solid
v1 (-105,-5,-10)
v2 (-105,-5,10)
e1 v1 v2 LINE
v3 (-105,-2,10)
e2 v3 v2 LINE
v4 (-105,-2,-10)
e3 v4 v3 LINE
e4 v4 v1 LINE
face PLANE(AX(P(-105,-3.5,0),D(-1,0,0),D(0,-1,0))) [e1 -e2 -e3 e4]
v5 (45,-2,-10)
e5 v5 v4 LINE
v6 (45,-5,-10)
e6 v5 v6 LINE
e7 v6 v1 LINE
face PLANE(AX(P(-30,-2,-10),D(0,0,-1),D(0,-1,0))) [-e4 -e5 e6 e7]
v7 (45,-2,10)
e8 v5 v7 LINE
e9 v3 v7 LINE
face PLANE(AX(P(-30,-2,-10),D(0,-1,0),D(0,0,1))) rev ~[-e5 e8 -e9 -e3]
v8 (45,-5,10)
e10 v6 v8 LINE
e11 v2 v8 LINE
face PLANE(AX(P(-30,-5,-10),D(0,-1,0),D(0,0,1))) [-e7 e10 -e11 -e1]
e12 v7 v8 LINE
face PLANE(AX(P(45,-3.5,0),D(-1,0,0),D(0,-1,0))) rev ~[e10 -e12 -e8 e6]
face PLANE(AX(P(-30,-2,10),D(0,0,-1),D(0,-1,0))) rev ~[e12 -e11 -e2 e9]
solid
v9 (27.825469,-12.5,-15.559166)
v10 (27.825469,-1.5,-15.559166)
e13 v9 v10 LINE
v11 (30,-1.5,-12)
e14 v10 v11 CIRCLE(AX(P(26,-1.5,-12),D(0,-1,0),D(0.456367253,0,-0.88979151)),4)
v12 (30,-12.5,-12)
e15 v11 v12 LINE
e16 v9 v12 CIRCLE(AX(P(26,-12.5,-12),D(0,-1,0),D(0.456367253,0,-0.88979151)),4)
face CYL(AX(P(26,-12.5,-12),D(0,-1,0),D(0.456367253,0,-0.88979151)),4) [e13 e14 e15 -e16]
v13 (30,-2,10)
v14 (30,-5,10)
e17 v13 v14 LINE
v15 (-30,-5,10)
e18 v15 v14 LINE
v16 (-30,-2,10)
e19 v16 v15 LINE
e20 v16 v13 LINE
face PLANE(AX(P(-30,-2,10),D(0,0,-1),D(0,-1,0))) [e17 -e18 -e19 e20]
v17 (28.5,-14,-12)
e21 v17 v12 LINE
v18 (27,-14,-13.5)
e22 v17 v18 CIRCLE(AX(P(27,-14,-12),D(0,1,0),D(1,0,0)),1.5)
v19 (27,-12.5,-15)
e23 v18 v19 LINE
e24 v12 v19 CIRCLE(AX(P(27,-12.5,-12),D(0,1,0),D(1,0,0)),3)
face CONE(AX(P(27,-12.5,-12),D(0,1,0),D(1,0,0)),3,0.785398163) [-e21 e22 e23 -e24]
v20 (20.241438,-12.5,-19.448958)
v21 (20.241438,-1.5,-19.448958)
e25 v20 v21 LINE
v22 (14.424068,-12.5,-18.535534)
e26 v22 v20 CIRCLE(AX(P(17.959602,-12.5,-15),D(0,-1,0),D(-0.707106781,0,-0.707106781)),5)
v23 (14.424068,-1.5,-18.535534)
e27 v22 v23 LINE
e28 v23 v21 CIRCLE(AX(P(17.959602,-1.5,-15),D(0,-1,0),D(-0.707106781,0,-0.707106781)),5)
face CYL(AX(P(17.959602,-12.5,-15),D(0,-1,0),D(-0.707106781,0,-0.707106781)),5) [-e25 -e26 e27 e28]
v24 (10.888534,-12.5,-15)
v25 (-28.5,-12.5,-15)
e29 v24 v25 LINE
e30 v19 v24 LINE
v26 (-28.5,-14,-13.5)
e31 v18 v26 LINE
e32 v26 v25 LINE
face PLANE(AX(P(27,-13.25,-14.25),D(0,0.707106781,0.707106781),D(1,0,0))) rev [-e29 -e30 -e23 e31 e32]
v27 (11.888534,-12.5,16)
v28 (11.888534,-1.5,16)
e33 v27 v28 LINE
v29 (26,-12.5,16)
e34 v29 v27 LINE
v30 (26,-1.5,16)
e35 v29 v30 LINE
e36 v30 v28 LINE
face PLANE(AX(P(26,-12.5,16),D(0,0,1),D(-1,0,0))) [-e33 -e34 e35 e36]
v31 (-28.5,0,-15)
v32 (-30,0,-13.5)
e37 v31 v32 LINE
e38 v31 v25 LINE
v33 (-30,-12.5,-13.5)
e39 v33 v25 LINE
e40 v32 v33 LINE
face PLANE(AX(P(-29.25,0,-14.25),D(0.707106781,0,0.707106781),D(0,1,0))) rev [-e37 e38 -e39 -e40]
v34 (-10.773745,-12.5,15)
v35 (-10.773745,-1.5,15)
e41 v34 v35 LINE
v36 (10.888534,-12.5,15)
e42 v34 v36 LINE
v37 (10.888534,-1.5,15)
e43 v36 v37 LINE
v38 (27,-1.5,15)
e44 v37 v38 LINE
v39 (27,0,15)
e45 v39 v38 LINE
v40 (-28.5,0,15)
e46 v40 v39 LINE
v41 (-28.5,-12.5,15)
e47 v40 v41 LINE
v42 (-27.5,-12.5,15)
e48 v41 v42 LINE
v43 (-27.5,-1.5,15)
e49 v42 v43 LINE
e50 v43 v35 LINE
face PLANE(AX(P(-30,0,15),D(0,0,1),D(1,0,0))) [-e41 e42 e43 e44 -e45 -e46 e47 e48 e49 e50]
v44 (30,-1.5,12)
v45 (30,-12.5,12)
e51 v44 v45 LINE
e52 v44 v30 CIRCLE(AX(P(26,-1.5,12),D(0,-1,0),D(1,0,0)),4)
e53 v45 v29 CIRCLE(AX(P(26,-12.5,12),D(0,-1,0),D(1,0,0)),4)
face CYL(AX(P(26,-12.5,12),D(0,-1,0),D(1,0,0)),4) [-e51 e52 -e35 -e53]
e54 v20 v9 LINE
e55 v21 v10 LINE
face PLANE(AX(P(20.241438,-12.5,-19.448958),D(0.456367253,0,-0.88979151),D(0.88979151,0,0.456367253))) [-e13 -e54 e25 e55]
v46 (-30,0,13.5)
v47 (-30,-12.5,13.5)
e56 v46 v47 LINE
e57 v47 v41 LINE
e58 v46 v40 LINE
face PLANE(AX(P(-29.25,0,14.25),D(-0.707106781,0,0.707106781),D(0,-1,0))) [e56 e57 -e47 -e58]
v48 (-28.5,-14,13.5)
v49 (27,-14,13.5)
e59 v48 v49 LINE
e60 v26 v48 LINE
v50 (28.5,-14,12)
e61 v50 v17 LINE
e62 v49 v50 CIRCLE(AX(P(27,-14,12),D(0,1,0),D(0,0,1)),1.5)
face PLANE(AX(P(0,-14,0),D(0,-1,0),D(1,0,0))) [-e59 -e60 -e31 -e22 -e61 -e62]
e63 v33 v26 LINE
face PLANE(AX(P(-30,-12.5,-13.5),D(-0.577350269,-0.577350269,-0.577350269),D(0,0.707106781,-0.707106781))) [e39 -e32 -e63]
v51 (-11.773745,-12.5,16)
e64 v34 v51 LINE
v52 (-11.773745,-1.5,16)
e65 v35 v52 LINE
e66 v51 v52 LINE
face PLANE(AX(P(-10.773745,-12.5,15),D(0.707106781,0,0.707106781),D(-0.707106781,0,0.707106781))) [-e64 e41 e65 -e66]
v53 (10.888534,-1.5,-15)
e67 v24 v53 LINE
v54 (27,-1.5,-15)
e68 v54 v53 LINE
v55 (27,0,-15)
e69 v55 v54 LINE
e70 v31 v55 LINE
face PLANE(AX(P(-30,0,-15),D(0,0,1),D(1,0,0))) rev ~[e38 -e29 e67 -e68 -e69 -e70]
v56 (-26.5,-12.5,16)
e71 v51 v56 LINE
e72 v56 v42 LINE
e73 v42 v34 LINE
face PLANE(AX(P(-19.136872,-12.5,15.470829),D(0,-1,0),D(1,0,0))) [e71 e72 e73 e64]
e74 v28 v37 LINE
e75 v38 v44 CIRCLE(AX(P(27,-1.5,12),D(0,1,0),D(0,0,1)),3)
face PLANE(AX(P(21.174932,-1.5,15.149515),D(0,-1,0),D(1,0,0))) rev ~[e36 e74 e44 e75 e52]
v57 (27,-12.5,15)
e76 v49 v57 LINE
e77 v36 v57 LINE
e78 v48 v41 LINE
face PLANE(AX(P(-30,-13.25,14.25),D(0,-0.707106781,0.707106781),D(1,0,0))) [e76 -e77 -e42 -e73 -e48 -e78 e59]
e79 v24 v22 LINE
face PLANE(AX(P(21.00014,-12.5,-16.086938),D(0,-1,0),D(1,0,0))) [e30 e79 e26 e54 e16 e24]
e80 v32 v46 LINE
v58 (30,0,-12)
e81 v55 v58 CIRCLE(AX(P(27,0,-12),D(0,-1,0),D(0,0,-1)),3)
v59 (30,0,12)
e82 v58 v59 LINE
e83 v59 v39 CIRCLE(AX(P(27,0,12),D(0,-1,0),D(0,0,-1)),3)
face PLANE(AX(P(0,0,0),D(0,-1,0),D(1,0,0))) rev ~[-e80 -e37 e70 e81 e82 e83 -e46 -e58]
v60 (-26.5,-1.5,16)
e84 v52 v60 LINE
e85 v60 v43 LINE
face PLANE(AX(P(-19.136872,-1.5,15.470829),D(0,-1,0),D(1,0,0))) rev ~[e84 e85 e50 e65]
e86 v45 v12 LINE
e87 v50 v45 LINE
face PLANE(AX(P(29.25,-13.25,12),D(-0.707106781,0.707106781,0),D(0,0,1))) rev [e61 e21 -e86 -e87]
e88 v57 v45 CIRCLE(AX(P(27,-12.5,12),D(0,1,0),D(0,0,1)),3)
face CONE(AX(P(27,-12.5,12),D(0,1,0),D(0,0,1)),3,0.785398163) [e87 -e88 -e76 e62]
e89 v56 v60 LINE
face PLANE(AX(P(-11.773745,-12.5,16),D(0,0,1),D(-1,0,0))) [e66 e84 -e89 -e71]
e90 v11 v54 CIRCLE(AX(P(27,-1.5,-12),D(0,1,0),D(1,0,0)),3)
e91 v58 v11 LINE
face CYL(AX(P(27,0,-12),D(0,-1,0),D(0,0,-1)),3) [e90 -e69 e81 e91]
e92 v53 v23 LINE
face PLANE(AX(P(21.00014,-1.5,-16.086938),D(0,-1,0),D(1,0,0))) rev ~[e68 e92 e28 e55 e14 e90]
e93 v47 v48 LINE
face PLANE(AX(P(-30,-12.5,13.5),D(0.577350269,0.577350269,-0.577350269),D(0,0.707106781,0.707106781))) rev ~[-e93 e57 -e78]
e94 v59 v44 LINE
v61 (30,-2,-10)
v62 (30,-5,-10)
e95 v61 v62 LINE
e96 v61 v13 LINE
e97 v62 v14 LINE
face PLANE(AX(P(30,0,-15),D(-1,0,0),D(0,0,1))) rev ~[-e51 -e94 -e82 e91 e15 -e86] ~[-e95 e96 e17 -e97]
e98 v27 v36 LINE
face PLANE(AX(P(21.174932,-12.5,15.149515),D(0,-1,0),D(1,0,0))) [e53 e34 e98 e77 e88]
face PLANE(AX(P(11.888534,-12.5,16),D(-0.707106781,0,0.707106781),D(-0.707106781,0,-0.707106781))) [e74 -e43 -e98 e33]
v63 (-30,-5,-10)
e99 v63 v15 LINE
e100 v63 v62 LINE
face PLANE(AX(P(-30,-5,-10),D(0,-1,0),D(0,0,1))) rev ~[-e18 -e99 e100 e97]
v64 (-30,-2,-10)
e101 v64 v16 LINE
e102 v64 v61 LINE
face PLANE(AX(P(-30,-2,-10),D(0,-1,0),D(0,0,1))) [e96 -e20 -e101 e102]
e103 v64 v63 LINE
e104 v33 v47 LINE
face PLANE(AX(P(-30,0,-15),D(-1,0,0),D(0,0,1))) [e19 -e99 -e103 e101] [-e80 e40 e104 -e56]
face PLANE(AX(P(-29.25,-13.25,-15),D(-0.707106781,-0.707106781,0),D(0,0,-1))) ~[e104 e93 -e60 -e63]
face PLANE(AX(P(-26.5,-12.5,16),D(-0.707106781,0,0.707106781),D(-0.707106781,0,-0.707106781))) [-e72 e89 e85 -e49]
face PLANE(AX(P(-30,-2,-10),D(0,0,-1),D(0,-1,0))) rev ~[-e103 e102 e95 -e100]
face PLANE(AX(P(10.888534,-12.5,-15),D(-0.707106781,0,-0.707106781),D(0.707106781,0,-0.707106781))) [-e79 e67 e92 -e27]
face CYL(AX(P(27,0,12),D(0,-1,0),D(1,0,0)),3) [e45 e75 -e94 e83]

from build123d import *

# Parameters (mm, degrees)
F0_W     = 60
F0_H     = 30
F1_DEPTH = 14
F2_R     = 3
F3_SIZE  = 1.5
F6_DEPTH = 11
F7_W     = 3
F7_H     = 20
F8_DEPTH = 60.001
F9_DEPTH = 75


with BuildPart() as f1:
    # F0 (on Front) → F1 (new body)
    with BuildSketch(Plane.XZ):
        Rectangle(F0_W, F0_H)
    extrude(amount=F1_DEPTH)

    # F2
    f2_edges = [f1.edges().sort_by_distance(p)[0] for p in [
        (30, -7, -15),
        (30, -7, 15),
    ]]
    fillet(f2_edges, radius=F2_R)

    # F3
    f3_edges = [f1.edges().sort_by_distance(p)[0] for p in [
        (-1.5, -14, 15),
        (29.12132, -14, 14.12132),
        (30, -14, 0),
        (29.12132, -14, -14.12132),
        (-1.5, -14, -15),
        (-30, -14, 0),
        (-30, -7, 15),
        (-30, -7, -15),
    ]]
    chamfer(f3_edges, length=F3_SIZE)

    # F5 (on offset) → F6 (join)
    with BuildSketch(Plane.XZ.offset(12.5)):
        with BuildLine():
            ThreePointArc((30, -12), (29.1213203436, -14.1213203436), (27, -15))
            Line((27, -15), (10.8885337886, -15))
            Line((10.8885337886, -15), (14.4240676946, -18.5355339059))
            ThreePointArc((14.4240676946, -18.5355339059), (17.1840210877, -19.9394812347), (20.2414378644, -19.4489575481))
            Line((20.2414378644, -19.4489575481), (27.8254690111, -15.5591660385))
            ThreePointArc((27.8254690111, -15.5591660385), (29.413347041, -14.0854404757), (30, -12))
        make_face()
        with BuildLine():
            Line((11.8885337886, 16), (10.8885337886, 15))
            Line((10.8885337886, 15), (27, 15))
            ThreePointArc((27, 15), (29.1213203436, 14.1213203436), (30, 12))
            ThreePointArc((30, 12), (28.8284271247, 14.8284271247), (26, 16))
            Line((26, 16), (11.8885337886, 16))
        make_face()
        Polygon((-26.5, 16), (-27.5, 15), (-10.7737448623, 15), (-11.7737448623, 16), align=None)
    extrude(amount=-F6_DEPTH)

    # F7 (on face) → F8 (cut, through all)
    with BuildSketch(Plane(origin=(-30, 0, 0), x_dir=(0, -1, 0), z_dir=(-1, 0, 0))):
        with Locations((3.5, 0)):
            Rectangle(F7_W, F7_H)
    extrude(amount=-F8_DEPTH, mode=Mode.SUBTRACT)


with BuildPart() as f9:
    # F7 (on face) → F9 (new body, symmetric)
    with BuildSketch(Plane(origin=(-30, 0, 0), x_dir=(0, -1, 0), z_dir=(-1, 0, 0))):
        with Locations((3.5, 0)):
            Rectangle(F7_W, F7_H)
    extrude(amount=F9_DEPTH, both=True)


solid = Compound([f1.part, f9.part])
